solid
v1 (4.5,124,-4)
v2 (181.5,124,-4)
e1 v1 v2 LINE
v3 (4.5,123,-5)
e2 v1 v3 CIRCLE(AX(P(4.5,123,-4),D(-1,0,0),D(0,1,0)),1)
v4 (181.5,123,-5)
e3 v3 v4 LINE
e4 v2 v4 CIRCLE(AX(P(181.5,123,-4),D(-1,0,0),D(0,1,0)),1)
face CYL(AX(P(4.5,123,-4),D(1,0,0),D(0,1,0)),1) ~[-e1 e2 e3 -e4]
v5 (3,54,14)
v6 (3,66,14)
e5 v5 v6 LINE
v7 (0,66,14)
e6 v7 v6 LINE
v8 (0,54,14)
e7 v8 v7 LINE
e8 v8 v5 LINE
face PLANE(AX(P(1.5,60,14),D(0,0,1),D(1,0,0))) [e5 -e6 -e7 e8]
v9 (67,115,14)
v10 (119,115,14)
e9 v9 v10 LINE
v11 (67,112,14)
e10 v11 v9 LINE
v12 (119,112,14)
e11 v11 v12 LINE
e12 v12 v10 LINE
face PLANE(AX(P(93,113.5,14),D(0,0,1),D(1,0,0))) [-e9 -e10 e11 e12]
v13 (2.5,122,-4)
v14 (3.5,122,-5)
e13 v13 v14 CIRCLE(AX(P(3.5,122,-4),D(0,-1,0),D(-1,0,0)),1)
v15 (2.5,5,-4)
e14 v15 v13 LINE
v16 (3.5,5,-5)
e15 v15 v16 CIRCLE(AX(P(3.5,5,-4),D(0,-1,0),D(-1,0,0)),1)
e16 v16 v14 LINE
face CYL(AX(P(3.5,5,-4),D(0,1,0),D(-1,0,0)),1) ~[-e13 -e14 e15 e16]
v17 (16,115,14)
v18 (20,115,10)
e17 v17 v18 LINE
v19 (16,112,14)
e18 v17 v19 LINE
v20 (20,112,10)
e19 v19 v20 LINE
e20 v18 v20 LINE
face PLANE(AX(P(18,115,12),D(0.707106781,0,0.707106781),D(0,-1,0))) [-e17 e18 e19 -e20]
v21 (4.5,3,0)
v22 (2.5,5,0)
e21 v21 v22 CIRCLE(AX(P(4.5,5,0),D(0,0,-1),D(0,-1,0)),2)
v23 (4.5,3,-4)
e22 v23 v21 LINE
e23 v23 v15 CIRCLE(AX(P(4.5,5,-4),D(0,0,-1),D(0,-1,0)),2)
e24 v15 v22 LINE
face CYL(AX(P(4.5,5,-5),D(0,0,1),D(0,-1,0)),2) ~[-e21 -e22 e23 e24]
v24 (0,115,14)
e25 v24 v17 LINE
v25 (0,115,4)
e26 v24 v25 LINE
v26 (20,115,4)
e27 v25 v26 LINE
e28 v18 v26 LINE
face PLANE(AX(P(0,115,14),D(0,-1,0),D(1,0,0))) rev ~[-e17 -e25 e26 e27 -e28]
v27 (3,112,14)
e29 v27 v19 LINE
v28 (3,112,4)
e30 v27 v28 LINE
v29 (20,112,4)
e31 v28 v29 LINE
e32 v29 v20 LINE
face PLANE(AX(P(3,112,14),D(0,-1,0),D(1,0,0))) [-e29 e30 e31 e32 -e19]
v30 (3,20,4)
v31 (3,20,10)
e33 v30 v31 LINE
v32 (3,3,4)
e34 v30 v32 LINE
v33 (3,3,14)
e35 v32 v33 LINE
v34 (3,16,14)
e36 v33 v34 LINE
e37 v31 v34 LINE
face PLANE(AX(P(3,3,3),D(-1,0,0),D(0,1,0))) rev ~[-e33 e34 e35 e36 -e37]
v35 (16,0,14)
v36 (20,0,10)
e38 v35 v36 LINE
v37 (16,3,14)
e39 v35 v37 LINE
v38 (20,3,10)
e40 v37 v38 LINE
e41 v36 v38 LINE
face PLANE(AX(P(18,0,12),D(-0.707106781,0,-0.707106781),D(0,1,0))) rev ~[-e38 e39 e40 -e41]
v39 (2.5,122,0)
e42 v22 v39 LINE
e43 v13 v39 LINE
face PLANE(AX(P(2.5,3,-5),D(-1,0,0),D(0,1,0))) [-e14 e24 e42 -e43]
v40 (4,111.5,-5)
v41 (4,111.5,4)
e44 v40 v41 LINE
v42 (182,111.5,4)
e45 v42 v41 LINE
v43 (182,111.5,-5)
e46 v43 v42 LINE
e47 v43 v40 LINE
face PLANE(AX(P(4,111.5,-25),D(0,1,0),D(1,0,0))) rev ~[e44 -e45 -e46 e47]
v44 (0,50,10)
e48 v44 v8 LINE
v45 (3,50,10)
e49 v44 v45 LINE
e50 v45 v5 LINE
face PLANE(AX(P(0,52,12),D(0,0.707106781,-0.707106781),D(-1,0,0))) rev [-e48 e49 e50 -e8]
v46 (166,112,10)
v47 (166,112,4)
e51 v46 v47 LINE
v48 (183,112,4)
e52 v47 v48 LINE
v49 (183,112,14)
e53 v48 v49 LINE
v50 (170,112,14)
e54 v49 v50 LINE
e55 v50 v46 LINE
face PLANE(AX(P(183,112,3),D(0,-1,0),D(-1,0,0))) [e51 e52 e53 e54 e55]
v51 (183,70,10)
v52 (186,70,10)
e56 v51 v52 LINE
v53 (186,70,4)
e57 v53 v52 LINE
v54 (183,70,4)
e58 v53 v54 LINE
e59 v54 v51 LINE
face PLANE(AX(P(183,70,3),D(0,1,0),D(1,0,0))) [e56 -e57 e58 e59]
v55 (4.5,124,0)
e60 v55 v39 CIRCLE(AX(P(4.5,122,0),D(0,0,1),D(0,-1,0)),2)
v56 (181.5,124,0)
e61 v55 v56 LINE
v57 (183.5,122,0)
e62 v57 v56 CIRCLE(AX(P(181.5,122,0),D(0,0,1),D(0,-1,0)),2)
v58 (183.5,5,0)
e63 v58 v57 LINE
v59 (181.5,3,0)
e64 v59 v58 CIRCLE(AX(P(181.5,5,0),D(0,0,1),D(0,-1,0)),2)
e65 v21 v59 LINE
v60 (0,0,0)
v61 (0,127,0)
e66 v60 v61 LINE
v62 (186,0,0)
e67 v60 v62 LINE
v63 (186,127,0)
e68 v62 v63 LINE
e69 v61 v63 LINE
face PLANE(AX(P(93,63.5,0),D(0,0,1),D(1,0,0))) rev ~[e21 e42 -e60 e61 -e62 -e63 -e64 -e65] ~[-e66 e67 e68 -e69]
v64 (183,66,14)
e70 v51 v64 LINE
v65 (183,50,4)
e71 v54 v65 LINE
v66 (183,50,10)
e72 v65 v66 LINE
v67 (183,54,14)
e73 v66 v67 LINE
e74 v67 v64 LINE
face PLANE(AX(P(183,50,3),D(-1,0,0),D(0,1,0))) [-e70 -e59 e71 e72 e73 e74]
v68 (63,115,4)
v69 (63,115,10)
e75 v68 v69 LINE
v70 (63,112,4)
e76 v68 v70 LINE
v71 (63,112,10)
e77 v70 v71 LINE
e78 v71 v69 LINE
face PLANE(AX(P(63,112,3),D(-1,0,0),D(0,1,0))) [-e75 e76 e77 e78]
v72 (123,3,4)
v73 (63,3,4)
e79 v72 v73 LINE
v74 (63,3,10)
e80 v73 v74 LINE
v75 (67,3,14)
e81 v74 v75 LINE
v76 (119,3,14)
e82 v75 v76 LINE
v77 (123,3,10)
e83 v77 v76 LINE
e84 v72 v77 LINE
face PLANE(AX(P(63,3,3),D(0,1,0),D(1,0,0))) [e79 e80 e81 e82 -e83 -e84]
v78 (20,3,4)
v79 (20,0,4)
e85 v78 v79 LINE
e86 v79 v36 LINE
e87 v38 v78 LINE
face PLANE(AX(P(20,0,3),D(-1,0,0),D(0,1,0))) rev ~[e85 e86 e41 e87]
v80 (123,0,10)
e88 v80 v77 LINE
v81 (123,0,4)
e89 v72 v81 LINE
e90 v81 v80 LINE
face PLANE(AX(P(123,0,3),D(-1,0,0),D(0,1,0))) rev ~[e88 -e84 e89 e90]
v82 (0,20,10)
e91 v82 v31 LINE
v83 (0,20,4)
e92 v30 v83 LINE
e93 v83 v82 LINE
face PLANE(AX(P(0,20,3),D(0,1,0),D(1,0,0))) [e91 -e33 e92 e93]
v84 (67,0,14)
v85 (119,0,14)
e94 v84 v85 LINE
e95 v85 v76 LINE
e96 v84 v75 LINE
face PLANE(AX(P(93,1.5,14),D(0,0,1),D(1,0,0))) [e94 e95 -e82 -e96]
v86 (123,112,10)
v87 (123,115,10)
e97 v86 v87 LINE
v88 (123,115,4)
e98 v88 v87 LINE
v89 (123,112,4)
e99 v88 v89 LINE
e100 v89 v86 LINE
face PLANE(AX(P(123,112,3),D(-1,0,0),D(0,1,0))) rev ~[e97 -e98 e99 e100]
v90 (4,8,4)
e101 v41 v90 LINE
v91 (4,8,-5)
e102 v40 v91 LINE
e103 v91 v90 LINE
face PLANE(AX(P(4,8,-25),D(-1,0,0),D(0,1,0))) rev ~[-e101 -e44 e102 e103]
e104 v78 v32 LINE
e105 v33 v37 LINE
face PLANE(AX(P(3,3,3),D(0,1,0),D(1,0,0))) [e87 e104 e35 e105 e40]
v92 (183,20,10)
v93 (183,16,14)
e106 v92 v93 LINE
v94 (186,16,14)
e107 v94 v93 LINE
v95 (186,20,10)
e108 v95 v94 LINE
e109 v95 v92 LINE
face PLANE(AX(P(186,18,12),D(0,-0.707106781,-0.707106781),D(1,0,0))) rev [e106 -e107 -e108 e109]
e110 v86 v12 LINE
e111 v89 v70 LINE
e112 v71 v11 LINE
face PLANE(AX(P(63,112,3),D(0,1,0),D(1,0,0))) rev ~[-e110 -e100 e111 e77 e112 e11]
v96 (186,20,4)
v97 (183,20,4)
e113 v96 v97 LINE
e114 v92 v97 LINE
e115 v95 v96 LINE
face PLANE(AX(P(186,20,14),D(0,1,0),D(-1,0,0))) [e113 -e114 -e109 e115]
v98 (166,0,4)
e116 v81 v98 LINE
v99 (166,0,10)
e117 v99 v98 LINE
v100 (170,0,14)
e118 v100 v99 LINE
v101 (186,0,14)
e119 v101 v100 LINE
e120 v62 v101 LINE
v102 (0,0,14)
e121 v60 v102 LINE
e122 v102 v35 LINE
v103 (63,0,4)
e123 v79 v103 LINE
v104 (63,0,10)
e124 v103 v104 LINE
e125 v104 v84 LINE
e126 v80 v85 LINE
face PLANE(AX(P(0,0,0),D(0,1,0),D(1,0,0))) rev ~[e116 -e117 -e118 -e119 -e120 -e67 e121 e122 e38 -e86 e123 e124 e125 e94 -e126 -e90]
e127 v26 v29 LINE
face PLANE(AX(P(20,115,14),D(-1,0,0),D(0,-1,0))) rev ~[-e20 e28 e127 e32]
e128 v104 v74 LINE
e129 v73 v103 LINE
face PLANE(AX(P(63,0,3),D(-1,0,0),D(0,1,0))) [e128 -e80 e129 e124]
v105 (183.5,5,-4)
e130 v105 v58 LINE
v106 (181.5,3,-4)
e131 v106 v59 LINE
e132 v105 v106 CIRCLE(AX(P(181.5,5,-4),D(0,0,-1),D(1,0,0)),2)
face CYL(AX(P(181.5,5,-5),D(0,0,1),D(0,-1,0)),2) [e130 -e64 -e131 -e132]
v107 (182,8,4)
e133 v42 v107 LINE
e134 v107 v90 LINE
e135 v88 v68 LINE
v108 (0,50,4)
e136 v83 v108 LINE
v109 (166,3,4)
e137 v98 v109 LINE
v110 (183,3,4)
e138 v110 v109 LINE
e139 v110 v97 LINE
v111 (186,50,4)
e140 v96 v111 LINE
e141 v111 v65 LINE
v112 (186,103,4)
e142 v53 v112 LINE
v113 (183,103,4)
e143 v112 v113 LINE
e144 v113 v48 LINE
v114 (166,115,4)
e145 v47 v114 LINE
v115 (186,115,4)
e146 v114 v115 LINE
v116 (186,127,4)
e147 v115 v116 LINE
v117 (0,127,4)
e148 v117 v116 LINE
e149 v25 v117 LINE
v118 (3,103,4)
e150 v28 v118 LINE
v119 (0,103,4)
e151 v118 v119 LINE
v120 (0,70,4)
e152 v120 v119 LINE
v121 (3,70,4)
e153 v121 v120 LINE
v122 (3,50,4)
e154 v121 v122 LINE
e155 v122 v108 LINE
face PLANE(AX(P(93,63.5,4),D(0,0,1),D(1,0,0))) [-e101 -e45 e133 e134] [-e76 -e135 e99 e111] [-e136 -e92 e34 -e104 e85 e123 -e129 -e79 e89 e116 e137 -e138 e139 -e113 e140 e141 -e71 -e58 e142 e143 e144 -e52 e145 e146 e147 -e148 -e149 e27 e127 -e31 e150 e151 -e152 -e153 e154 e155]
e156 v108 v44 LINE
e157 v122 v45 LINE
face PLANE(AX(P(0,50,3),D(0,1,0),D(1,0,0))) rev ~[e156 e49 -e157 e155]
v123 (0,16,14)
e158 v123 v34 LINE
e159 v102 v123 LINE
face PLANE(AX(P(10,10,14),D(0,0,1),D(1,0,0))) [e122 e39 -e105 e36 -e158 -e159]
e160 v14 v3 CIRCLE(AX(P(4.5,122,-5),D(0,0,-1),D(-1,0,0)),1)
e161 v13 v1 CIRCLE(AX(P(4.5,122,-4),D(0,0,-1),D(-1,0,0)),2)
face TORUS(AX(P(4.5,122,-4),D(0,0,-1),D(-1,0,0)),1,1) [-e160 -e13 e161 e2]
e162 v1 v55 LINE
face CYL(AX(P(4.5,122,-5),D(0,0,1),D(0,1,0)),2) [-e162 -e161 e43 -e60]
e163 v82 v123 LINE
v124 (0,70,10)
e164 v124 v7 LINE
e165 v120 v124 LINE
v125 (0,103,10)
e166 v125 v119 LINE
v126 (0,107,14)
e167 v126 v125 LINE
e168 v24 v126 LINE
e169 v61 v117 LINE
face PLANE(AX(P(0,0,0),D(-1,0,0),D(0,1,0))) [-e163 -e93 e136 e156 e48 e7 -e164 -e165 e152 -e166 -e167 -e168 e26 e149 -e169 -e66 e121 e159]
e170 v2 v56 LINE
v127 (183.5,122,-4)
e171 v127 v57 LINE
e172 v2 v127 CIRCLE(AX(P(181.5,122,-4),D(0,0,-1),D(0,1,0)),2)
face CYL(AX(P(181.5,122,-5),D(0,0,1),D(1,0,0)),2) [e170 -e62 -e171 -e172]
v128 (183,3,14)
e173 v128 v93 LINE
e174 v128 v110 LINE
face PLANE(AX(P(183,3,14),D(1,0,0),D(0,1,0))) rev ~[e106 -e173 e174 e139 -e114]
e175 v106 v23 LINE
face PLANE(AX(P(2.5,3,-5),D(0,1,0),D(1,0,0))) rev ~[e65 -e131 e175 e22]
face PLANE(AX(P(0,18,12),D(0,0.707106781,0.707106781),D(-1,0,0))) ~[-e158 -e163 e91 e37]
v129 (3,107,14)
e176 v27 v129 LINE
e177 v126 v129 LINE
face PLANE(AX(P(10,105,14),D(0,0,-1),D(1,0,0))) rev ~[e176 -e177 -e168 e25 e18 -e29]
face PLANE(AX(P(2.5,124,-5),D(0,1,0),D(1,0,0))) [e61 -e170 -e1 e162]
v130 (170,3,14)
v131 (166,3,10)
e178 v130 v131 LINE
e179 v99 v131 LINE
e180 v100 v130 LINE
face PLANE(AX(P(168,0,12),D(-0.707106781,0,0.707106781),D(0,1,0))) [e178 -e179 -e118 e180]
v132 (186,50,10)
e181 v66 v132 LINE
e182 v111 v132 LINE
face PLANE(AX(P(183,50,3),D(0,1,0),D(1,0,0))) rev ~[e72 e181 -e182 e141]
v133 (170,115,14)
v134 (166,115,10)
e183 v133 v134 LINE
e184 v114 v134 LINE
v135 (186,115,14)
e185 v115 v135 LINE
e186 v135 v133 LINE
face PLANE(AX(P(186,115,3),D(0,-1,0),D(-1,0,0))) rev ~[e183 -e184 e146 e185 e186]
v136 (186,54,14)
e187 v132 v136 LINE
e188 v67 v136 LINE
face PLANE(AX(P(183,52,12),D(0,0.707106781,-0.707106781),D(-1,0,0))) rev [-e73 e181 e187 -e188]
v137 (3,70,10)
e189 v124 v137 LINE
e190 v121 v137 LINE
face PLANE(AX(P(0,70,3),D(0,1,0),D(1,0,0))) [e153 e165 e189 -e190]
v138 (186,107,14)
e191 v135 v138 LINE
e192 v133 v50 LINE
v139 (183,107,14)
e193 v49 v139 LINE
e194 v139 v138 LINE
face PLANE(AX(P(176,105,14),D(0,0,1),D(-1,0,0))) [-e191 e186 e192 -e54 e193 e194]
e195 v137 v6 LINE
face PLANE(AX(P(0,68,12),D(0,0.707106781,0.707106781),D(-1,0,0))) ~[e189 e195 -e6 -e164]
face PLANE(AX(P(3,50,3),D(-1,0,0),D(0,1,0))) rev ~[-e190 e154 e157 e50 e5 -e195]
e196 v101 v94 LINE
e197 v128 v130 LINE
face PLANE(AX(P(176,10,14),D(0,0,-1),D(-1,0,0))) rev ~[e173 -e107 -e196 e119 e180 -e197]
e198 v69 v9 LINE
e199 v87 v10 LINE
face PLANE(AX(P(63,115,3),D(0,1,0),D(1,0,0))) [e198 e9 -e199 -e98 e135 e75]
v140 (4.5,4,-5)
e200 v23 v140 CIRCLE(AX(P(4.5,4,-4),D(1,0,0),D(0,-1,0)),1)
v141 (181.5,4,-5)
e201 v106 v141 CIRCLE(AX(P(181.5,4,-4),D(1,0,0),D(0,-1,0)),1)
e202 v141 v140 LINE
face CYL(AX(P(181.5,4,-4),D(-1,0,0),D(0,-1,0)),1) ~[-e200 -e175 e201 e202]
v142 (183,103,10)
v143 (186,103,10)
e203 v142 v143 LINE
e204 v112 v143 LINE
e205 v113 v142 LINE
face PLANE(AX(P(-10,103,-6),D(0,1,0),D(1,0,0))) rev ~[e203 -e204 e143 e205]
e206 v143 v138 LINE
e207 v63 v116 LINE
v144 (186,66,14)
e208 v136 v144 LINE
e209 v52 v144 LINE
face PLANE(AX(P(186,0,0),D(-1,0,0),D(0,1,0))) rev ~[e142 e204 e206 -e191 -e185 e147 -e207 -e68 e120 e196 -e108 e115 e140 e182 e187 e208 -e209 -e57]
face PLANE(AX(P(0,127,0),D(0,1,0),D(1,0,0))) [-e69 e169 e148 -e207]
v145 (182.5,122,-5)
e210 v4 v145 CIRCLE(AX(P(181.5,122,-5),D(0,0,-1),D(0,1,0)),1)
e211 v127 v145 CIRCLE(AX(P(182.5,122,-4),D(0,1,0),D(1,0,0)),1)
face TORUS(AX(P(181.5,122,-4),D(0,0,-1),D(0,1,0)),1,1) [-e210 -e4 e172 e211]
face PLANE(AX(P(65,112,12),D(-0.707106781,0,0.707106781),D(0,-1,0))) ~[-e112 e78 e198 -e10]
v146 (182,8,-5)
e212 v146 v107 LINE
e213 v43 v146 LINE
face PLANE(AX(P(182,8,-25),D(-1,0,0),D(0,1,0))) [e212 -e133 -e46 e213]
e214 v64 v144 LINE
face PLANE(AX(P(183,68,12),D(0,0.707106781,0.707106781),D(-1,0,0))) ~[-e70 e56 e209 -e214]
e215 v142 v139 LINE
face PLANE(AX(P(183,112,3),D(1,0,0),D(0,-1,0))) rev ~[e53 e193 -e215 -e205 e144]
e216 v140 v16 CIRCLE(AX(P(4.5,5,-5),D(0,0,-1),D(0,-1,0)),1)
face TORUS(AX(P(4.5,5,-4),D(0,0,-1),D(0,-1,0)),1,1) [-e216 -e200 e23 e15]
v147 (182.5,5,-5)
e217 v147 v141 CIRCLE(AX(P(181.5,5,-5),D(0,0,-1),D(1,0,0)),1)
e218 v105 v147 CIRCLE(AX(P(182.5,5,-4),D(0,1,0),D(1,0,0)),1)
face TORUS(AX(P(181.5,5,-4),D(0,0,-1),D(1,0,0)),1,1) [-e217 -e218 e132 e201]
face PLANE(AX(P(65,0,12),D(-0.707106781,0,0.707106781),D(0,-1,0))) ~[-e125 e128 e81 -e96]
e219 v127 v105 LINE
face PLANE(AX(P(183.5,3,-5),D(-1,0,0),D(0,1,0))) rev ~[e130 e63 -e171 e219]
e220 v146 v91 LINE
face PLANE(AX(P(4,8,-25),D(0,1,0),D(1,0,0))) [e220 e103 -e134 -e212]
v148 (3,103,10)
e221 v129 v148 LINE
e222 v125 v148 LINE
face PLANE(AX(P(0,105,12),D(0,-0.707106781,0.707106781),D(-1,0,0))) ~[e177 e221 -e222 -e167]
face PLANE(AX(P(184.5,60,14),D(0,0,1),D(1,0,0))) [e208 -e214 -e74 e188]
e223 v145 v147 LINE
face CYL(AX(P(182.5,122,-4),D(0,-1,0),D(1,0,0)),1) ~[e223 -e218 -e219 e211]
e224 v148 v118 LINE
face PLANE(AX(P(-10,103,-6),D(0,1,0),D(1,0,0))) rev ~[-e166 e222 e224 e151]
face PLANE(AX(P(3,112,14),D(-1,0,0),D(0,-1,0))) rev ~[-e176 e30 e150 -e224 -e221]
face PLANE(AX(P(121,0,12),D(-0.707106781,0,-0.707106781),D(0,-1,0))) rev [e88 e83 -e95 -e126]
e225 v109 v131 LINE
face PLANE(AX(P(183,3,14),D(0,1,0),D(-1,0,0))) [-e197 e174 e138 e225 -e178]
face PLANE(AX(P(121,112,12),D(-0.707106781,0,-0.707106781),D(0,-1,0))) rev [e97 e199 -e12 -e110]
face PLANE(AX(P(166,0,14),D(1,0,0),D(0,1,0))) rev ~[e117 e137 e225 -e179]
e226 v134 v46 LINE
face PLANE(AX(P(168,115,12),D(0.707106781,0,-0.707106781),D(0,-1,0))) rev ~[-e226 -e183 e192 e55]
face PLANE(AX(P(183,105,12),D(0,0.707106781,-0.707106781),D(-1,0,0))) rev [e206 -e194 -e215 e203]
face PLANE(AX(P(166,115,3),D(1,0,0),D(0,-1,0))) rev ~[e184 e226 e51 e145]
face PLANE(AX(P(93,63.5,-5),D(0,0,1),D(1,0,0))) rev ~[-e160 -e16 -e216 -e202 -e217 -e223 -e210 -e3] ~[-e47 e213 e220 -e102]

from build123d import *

# Parameters (mm, degrees)
BOX035_W               = 60
BOX035_H               = 3
BOX035_DEPTH           = 11
BOX034_W               = 200
BOX034_H               = 30
BOX034_DEPTH           = 20
BOX033_W               = 60
BOX033_H               = 3
BOX033_DEPTH           = 11
BOX025_W               = 3
BOX025_H               = 20
BOX025_DEPTH           = 11
BOX026_W               = 3
BOX026_H               = 20
BOX026_DEPTH           = 11
BOX024_W               = 30
BOX024_H               = 20
BOX024_DEPTH           = 11
BOX023_W               = 20
BOX023_H               = 20
BOX023_DEPTH           = 11
CUT010_PLACEMENT_ANGLE = 180
BOX032_W               = 30
BOX032_H               = 20
BOX032_DEPTH           = 11
BOX031_W               = 20
BOX031_H               = 20
BOX031_DEPTH           = 11
CUT013_PLACEMENT_ANGLE = 180
BOX030_W               = 30
BOX030_H               = 20
BOX030_DEPTH           = 11
BOX029_W               = 20
BOX029_H               = 20
BOX029_DEPTH           = 11
CUT012_PLACEMENT_ANGLE = 180
BOX022_W               = 30
BOX022_H               = 20
BOX022_DEPTH           = 11
BOX021_W               = 20
BOX021_H               = 20
BOX021_DEPTH           = 11
CHAMFER006_SIZE        = 4
BOX018_W               = 178
BOX018_H               = 103.5
BOX018_DEPTH           = 30
BOX019_W               = 181
BOX019_H               = 121
BOX019_DEPTH           = 5
BOX017_W               = 186
BOX017_H               = 127
BOX017_DEPTH           = 4
FILLET008_R            = 2
FILLET009_R            = 1


with BuildPart() as cube032:
    # Box035 → Box035 (new body)
    with BuildSketch(Plane(origin=(63, 0, 4), x_dir=(1, 0, 0), z_dir=(0, 0, 1))):
        with Locations((30, 1.5)):
            Rectangle(BOX035_W, BOX035_H)
    extrude(amount=BOX035_DEPTH)


with BuildPart() as cube031:
    # Box034 → Box034 (new body)
    with BuildSketch(Plane(origin=(-10, 73, -5), x_dir=(1, 0, 0), z_dir=(0, 0, 1))):
        with Locations((100, 15)):
            Rectangle(BOX034_W, BOX034_H)
    extrude(amount=BOX034_DEPTH)


with BuildPart() as cube030:
    # Box033 → Box033 (new body)
    with BuildSketch(Plane(origin=(63, 112, 4), x_dir=(1, 0, 0), z_dir=(0, 0, 1))):
        with Locations((30, 1.5)):
            Rectangle(BOX033_W, BOX033_H)
    extrude(amount=BOX033_DEPTH)


with BuildPart() as cube022:
    # Box025 → Box025 (new body)
    with BuildSketch(Plane(origin=(0, 50, 4), x_dir=(1, 0, 0), z_dir=(0, 0, 1))):
        with Locations((1.5, 10)):
            Rectangle(BOX025_W, BOX025_H)
    extrude(amount=BOX025_DEPTH)


with BuildPart() as cube023:
    # Box026 → Box026 (new body)
    with BuildSketch(Plane(origin=(183, 50, 4), x_dir=(1, 0, 0), z_dir=(0, 0, 1))):
        with Locations((1.5, 10)):
            Rectangle(BOX026_W, BOX026_H)
    extrude(amount=BOX026_DEPTH)


with BuildPart() as cube021:
    # Box024 → Box024 (new body)
    with BuildSketch(Plane(origin=(3, 3, 0), x_dir=(1, 0, 0), z_dir=(0, 0, 1))):
        with Locations((15, 10)):
            Rectangle(BOX024_W, BOX024_H)
    extrude(amount=BOX024_DEPTH)


with BuildPart() as cut010:
    # Box023 → Box023 (new body)
    with BuildSketch(Plane.XY):
        with Locations((10, 10)):
            Rectangle(BOX023_W, BOX023_H)
    extrude(amount=BOX023_DEPTH)

    # Cut010: cut Cube021
    add(cube021.part, mode=Mode.SUBTRACT)


with BuildPart() as cut010_1:
    # Cut010 placement: moved
    add(cut010.part.moved(Location((186, 0, 15))).rotate(Axis((186, 0, 15), (0, 1, 0)), CUT010_PLACEMENT_ANGLE))


with BuildPart() as cube029:
    # Box032 → Box032 (new body)
    with BuildSketch(Plane(origin=(3, 3, 0), x_dir=(1, 0, 0), z_dir=(0, 0, 1))):
        with Locations((15, 10)):
            Rectangle(BOX032_W, BOX032_H)
    extrude(amount=BOX032_DEPTH)


with BuildPart() as cut013:
    # Box031 → Box031 (new body)
    with BuildSketch(Plane.XY):
        with Locations((10, 10)):
            Rectangle(BOX031_W, BOX031_H)
    extrude(amount=BOX031_DEPTH)

    # Cut013: cut Cube029
    add(cube029.part, mode=Mode.SUBTRACT)


with BuildPart() as cut013_1:
    # Cut013 placement: moved
    add(cut013.part.moved(Location((186, 115, 4))).rotate(Axis((186, 115, 4), (0, 0, 1)), CUT013_PLACEMENT_ANGLE))


with BuildPart() as cube027:
    # Box030 → Box030 (new body)
    with BuildSketch(Plane(origin=(3, 3, 0), x_dir=(1, 0, 0), z_dir=(0, 0, 1))):
        with Locations((15, 10)):
            Rectangle(BOX030_W, BOX030_H)
    extrude(amount=BOX030_DEPTH)


with BuildPart() as cut012:
    # Box029 → Box029 (new body)
    with BuildSketch(Plane.XY):
        with Locations((10, 10)):
            Rectangle(BOX029_W, BOX029_H)
    extrude(amount=BOX029_DEPTH)

    # Cut012: cut Cube027
    add(cube027.part, mode=Mode.SUBTRACT)


with BuildPart() as cut012_1:
    # Cut012 placement: moved
    add(cut012.part.moved(Location((0, 115, 15))).rotate(Axis((0, 115, 15), (1, 0, 0)), CUT012_PLACEMENT_ANGLE))


with BuildPart() as cube019:
    # Box022 → Box022 (new body)
    with BuildSketch(Plane(origin=(3, 3, 0), x_dir=(1, 0, 0), z_dir=(0, 0, 1))):
        with Locations((15, 10)):
            Rectangle(BOX022_W, BOX022_H)
    extrude(amount=BOX022_DEPTH)


with BuildPart() as chamfer006:
    # Box021 → Box021 (new body)
    with BuildSketch(Plane.XY):
        with Locations((10, 10)):
            Rectangle(BOX021_W, BOX021_H)
    extrude(amount=BOX021_DEPTH)

    # Cut009: cut Cube019
    add(cube019.part, mode=Mode.SUBTRACT)


with BuildPart() as chamfer006_1:
    # Cut009 placement: moved
    add(chamfer006.part.moved(Location((0, 0, 4))))

    # Fusion014: union Cube022, Cube023, Cut010, Cut013, Cut012
    add(cube022.part)
    add(cube023.part)
    add(cut010_1.part)
    add(cut013_1.part)
    add(cut012_1.part)

    # Fusion015: union Cube030
    add(cube030.part)

    # Cut014: cut Cube031
    add(cube031.part, mode=Mode.SUBTRACT)

    # Fusion016: union Cube032
    add(cube032.part)

    # Chamfer006
    chamfer006_edges = [chamfer006_1.edges().sort_by_distance(p)[0] for p in [
        (184.5, 20, 15),
        (166, 1.5, 15),
        (63, 113.5, 15),
        (123, 113.5, 15),
        (1.5, 103, 15),
        (20, 113.5, 15),
        (184.5, 50, 15),
        (184.5, 70, 15),
        (184.5, 103, 15),
        (166, 113.5, 15),
        (63, 1.5, 15),
        (123, 1.5, 15),
        (1.5, 50, 15),
        (1.5, 70, 15),
        (1.5, 20, 15),
        (20, 1.5, 15),
    ]]
    chamfer(chamfer006_edges, length=CHAMFER006_SIZE)


with BuildPart() as chamfer006_2:
    # Chamfer006 placement: moved
    add(chamfer006_1.part.moved(Location((0, 0, -1))))


with BuildPart() as cutout:
    # Box018 → Box018 (new body)
    with BuildSketch(Plane(origin=(4, 8, -25), x_dir=(1, 0, 0), z_dir=(0, 0, 1))):
        with Locations((89, 51.75)):
            Rectangle(BOX018_W, BOX018_H)
    extrude(amount=BOX018_DEPTH)


with BuildPart() as cube016:
    # Box019 → Box019 (new body)
    with BuildSketch(Plane(origin=(2.5, 3, -5), x_dir=(1, 0, 0), z_dir=(0, 0, 1))):
        with Locations((90.5, 60.5)):
            Rectangle(BOX019_W, BOX019_H)
    extrude(amount=BOX019_DEPTH)


with BuildPart() as fascia_modified:
    # Box017 → Box017 (new body)
    with BuildSketch(Plane.XY):
        with Locations((93, 63.5)):
            Rectangle(BOX017_W, BOX017_H)
    extrude(amount=BOX017_DEPTH)

    # Fusion007: union Cube016
    add(cube016.part)

    # Cut007: cut Cutout
    add(cutout.part, mode=Mode.SUBTRACT)

    # Fillet008
    fillet008_edges = [fascia_modified.edges().sort_by_distance(p)[0] for p in [
        (183.5, 124, -2.5),
        (2.5, 124, -2.5),
        (2.5, 3, -2.5),
        (183.5, 3, -2.5),
    ]]
    fillet(fillet008_edges, radius=FILLET008_R)

    # Fillet009
    fillet009_edges = [fascia_modified.edges().sort_by_distance(p)[0] for p in [
        (93, 124, -5),
        (3.085786, 123.414214, -5),
        (182.914214, 123.414214, -5),
        (2.5, 63.5, -5),
        (183.5, 63.5, -5),
        (3.085786, 3.585786, -5),
        (182.914214, 3.585786, -5),
        (93, 3, -5),
    ]]
    fillet(fillet009_edges, radius=FILLET009_R)

    # Fusion017: union Chamfer006
    add(chamfer006_2.part)


solid = fascia_modified.part
